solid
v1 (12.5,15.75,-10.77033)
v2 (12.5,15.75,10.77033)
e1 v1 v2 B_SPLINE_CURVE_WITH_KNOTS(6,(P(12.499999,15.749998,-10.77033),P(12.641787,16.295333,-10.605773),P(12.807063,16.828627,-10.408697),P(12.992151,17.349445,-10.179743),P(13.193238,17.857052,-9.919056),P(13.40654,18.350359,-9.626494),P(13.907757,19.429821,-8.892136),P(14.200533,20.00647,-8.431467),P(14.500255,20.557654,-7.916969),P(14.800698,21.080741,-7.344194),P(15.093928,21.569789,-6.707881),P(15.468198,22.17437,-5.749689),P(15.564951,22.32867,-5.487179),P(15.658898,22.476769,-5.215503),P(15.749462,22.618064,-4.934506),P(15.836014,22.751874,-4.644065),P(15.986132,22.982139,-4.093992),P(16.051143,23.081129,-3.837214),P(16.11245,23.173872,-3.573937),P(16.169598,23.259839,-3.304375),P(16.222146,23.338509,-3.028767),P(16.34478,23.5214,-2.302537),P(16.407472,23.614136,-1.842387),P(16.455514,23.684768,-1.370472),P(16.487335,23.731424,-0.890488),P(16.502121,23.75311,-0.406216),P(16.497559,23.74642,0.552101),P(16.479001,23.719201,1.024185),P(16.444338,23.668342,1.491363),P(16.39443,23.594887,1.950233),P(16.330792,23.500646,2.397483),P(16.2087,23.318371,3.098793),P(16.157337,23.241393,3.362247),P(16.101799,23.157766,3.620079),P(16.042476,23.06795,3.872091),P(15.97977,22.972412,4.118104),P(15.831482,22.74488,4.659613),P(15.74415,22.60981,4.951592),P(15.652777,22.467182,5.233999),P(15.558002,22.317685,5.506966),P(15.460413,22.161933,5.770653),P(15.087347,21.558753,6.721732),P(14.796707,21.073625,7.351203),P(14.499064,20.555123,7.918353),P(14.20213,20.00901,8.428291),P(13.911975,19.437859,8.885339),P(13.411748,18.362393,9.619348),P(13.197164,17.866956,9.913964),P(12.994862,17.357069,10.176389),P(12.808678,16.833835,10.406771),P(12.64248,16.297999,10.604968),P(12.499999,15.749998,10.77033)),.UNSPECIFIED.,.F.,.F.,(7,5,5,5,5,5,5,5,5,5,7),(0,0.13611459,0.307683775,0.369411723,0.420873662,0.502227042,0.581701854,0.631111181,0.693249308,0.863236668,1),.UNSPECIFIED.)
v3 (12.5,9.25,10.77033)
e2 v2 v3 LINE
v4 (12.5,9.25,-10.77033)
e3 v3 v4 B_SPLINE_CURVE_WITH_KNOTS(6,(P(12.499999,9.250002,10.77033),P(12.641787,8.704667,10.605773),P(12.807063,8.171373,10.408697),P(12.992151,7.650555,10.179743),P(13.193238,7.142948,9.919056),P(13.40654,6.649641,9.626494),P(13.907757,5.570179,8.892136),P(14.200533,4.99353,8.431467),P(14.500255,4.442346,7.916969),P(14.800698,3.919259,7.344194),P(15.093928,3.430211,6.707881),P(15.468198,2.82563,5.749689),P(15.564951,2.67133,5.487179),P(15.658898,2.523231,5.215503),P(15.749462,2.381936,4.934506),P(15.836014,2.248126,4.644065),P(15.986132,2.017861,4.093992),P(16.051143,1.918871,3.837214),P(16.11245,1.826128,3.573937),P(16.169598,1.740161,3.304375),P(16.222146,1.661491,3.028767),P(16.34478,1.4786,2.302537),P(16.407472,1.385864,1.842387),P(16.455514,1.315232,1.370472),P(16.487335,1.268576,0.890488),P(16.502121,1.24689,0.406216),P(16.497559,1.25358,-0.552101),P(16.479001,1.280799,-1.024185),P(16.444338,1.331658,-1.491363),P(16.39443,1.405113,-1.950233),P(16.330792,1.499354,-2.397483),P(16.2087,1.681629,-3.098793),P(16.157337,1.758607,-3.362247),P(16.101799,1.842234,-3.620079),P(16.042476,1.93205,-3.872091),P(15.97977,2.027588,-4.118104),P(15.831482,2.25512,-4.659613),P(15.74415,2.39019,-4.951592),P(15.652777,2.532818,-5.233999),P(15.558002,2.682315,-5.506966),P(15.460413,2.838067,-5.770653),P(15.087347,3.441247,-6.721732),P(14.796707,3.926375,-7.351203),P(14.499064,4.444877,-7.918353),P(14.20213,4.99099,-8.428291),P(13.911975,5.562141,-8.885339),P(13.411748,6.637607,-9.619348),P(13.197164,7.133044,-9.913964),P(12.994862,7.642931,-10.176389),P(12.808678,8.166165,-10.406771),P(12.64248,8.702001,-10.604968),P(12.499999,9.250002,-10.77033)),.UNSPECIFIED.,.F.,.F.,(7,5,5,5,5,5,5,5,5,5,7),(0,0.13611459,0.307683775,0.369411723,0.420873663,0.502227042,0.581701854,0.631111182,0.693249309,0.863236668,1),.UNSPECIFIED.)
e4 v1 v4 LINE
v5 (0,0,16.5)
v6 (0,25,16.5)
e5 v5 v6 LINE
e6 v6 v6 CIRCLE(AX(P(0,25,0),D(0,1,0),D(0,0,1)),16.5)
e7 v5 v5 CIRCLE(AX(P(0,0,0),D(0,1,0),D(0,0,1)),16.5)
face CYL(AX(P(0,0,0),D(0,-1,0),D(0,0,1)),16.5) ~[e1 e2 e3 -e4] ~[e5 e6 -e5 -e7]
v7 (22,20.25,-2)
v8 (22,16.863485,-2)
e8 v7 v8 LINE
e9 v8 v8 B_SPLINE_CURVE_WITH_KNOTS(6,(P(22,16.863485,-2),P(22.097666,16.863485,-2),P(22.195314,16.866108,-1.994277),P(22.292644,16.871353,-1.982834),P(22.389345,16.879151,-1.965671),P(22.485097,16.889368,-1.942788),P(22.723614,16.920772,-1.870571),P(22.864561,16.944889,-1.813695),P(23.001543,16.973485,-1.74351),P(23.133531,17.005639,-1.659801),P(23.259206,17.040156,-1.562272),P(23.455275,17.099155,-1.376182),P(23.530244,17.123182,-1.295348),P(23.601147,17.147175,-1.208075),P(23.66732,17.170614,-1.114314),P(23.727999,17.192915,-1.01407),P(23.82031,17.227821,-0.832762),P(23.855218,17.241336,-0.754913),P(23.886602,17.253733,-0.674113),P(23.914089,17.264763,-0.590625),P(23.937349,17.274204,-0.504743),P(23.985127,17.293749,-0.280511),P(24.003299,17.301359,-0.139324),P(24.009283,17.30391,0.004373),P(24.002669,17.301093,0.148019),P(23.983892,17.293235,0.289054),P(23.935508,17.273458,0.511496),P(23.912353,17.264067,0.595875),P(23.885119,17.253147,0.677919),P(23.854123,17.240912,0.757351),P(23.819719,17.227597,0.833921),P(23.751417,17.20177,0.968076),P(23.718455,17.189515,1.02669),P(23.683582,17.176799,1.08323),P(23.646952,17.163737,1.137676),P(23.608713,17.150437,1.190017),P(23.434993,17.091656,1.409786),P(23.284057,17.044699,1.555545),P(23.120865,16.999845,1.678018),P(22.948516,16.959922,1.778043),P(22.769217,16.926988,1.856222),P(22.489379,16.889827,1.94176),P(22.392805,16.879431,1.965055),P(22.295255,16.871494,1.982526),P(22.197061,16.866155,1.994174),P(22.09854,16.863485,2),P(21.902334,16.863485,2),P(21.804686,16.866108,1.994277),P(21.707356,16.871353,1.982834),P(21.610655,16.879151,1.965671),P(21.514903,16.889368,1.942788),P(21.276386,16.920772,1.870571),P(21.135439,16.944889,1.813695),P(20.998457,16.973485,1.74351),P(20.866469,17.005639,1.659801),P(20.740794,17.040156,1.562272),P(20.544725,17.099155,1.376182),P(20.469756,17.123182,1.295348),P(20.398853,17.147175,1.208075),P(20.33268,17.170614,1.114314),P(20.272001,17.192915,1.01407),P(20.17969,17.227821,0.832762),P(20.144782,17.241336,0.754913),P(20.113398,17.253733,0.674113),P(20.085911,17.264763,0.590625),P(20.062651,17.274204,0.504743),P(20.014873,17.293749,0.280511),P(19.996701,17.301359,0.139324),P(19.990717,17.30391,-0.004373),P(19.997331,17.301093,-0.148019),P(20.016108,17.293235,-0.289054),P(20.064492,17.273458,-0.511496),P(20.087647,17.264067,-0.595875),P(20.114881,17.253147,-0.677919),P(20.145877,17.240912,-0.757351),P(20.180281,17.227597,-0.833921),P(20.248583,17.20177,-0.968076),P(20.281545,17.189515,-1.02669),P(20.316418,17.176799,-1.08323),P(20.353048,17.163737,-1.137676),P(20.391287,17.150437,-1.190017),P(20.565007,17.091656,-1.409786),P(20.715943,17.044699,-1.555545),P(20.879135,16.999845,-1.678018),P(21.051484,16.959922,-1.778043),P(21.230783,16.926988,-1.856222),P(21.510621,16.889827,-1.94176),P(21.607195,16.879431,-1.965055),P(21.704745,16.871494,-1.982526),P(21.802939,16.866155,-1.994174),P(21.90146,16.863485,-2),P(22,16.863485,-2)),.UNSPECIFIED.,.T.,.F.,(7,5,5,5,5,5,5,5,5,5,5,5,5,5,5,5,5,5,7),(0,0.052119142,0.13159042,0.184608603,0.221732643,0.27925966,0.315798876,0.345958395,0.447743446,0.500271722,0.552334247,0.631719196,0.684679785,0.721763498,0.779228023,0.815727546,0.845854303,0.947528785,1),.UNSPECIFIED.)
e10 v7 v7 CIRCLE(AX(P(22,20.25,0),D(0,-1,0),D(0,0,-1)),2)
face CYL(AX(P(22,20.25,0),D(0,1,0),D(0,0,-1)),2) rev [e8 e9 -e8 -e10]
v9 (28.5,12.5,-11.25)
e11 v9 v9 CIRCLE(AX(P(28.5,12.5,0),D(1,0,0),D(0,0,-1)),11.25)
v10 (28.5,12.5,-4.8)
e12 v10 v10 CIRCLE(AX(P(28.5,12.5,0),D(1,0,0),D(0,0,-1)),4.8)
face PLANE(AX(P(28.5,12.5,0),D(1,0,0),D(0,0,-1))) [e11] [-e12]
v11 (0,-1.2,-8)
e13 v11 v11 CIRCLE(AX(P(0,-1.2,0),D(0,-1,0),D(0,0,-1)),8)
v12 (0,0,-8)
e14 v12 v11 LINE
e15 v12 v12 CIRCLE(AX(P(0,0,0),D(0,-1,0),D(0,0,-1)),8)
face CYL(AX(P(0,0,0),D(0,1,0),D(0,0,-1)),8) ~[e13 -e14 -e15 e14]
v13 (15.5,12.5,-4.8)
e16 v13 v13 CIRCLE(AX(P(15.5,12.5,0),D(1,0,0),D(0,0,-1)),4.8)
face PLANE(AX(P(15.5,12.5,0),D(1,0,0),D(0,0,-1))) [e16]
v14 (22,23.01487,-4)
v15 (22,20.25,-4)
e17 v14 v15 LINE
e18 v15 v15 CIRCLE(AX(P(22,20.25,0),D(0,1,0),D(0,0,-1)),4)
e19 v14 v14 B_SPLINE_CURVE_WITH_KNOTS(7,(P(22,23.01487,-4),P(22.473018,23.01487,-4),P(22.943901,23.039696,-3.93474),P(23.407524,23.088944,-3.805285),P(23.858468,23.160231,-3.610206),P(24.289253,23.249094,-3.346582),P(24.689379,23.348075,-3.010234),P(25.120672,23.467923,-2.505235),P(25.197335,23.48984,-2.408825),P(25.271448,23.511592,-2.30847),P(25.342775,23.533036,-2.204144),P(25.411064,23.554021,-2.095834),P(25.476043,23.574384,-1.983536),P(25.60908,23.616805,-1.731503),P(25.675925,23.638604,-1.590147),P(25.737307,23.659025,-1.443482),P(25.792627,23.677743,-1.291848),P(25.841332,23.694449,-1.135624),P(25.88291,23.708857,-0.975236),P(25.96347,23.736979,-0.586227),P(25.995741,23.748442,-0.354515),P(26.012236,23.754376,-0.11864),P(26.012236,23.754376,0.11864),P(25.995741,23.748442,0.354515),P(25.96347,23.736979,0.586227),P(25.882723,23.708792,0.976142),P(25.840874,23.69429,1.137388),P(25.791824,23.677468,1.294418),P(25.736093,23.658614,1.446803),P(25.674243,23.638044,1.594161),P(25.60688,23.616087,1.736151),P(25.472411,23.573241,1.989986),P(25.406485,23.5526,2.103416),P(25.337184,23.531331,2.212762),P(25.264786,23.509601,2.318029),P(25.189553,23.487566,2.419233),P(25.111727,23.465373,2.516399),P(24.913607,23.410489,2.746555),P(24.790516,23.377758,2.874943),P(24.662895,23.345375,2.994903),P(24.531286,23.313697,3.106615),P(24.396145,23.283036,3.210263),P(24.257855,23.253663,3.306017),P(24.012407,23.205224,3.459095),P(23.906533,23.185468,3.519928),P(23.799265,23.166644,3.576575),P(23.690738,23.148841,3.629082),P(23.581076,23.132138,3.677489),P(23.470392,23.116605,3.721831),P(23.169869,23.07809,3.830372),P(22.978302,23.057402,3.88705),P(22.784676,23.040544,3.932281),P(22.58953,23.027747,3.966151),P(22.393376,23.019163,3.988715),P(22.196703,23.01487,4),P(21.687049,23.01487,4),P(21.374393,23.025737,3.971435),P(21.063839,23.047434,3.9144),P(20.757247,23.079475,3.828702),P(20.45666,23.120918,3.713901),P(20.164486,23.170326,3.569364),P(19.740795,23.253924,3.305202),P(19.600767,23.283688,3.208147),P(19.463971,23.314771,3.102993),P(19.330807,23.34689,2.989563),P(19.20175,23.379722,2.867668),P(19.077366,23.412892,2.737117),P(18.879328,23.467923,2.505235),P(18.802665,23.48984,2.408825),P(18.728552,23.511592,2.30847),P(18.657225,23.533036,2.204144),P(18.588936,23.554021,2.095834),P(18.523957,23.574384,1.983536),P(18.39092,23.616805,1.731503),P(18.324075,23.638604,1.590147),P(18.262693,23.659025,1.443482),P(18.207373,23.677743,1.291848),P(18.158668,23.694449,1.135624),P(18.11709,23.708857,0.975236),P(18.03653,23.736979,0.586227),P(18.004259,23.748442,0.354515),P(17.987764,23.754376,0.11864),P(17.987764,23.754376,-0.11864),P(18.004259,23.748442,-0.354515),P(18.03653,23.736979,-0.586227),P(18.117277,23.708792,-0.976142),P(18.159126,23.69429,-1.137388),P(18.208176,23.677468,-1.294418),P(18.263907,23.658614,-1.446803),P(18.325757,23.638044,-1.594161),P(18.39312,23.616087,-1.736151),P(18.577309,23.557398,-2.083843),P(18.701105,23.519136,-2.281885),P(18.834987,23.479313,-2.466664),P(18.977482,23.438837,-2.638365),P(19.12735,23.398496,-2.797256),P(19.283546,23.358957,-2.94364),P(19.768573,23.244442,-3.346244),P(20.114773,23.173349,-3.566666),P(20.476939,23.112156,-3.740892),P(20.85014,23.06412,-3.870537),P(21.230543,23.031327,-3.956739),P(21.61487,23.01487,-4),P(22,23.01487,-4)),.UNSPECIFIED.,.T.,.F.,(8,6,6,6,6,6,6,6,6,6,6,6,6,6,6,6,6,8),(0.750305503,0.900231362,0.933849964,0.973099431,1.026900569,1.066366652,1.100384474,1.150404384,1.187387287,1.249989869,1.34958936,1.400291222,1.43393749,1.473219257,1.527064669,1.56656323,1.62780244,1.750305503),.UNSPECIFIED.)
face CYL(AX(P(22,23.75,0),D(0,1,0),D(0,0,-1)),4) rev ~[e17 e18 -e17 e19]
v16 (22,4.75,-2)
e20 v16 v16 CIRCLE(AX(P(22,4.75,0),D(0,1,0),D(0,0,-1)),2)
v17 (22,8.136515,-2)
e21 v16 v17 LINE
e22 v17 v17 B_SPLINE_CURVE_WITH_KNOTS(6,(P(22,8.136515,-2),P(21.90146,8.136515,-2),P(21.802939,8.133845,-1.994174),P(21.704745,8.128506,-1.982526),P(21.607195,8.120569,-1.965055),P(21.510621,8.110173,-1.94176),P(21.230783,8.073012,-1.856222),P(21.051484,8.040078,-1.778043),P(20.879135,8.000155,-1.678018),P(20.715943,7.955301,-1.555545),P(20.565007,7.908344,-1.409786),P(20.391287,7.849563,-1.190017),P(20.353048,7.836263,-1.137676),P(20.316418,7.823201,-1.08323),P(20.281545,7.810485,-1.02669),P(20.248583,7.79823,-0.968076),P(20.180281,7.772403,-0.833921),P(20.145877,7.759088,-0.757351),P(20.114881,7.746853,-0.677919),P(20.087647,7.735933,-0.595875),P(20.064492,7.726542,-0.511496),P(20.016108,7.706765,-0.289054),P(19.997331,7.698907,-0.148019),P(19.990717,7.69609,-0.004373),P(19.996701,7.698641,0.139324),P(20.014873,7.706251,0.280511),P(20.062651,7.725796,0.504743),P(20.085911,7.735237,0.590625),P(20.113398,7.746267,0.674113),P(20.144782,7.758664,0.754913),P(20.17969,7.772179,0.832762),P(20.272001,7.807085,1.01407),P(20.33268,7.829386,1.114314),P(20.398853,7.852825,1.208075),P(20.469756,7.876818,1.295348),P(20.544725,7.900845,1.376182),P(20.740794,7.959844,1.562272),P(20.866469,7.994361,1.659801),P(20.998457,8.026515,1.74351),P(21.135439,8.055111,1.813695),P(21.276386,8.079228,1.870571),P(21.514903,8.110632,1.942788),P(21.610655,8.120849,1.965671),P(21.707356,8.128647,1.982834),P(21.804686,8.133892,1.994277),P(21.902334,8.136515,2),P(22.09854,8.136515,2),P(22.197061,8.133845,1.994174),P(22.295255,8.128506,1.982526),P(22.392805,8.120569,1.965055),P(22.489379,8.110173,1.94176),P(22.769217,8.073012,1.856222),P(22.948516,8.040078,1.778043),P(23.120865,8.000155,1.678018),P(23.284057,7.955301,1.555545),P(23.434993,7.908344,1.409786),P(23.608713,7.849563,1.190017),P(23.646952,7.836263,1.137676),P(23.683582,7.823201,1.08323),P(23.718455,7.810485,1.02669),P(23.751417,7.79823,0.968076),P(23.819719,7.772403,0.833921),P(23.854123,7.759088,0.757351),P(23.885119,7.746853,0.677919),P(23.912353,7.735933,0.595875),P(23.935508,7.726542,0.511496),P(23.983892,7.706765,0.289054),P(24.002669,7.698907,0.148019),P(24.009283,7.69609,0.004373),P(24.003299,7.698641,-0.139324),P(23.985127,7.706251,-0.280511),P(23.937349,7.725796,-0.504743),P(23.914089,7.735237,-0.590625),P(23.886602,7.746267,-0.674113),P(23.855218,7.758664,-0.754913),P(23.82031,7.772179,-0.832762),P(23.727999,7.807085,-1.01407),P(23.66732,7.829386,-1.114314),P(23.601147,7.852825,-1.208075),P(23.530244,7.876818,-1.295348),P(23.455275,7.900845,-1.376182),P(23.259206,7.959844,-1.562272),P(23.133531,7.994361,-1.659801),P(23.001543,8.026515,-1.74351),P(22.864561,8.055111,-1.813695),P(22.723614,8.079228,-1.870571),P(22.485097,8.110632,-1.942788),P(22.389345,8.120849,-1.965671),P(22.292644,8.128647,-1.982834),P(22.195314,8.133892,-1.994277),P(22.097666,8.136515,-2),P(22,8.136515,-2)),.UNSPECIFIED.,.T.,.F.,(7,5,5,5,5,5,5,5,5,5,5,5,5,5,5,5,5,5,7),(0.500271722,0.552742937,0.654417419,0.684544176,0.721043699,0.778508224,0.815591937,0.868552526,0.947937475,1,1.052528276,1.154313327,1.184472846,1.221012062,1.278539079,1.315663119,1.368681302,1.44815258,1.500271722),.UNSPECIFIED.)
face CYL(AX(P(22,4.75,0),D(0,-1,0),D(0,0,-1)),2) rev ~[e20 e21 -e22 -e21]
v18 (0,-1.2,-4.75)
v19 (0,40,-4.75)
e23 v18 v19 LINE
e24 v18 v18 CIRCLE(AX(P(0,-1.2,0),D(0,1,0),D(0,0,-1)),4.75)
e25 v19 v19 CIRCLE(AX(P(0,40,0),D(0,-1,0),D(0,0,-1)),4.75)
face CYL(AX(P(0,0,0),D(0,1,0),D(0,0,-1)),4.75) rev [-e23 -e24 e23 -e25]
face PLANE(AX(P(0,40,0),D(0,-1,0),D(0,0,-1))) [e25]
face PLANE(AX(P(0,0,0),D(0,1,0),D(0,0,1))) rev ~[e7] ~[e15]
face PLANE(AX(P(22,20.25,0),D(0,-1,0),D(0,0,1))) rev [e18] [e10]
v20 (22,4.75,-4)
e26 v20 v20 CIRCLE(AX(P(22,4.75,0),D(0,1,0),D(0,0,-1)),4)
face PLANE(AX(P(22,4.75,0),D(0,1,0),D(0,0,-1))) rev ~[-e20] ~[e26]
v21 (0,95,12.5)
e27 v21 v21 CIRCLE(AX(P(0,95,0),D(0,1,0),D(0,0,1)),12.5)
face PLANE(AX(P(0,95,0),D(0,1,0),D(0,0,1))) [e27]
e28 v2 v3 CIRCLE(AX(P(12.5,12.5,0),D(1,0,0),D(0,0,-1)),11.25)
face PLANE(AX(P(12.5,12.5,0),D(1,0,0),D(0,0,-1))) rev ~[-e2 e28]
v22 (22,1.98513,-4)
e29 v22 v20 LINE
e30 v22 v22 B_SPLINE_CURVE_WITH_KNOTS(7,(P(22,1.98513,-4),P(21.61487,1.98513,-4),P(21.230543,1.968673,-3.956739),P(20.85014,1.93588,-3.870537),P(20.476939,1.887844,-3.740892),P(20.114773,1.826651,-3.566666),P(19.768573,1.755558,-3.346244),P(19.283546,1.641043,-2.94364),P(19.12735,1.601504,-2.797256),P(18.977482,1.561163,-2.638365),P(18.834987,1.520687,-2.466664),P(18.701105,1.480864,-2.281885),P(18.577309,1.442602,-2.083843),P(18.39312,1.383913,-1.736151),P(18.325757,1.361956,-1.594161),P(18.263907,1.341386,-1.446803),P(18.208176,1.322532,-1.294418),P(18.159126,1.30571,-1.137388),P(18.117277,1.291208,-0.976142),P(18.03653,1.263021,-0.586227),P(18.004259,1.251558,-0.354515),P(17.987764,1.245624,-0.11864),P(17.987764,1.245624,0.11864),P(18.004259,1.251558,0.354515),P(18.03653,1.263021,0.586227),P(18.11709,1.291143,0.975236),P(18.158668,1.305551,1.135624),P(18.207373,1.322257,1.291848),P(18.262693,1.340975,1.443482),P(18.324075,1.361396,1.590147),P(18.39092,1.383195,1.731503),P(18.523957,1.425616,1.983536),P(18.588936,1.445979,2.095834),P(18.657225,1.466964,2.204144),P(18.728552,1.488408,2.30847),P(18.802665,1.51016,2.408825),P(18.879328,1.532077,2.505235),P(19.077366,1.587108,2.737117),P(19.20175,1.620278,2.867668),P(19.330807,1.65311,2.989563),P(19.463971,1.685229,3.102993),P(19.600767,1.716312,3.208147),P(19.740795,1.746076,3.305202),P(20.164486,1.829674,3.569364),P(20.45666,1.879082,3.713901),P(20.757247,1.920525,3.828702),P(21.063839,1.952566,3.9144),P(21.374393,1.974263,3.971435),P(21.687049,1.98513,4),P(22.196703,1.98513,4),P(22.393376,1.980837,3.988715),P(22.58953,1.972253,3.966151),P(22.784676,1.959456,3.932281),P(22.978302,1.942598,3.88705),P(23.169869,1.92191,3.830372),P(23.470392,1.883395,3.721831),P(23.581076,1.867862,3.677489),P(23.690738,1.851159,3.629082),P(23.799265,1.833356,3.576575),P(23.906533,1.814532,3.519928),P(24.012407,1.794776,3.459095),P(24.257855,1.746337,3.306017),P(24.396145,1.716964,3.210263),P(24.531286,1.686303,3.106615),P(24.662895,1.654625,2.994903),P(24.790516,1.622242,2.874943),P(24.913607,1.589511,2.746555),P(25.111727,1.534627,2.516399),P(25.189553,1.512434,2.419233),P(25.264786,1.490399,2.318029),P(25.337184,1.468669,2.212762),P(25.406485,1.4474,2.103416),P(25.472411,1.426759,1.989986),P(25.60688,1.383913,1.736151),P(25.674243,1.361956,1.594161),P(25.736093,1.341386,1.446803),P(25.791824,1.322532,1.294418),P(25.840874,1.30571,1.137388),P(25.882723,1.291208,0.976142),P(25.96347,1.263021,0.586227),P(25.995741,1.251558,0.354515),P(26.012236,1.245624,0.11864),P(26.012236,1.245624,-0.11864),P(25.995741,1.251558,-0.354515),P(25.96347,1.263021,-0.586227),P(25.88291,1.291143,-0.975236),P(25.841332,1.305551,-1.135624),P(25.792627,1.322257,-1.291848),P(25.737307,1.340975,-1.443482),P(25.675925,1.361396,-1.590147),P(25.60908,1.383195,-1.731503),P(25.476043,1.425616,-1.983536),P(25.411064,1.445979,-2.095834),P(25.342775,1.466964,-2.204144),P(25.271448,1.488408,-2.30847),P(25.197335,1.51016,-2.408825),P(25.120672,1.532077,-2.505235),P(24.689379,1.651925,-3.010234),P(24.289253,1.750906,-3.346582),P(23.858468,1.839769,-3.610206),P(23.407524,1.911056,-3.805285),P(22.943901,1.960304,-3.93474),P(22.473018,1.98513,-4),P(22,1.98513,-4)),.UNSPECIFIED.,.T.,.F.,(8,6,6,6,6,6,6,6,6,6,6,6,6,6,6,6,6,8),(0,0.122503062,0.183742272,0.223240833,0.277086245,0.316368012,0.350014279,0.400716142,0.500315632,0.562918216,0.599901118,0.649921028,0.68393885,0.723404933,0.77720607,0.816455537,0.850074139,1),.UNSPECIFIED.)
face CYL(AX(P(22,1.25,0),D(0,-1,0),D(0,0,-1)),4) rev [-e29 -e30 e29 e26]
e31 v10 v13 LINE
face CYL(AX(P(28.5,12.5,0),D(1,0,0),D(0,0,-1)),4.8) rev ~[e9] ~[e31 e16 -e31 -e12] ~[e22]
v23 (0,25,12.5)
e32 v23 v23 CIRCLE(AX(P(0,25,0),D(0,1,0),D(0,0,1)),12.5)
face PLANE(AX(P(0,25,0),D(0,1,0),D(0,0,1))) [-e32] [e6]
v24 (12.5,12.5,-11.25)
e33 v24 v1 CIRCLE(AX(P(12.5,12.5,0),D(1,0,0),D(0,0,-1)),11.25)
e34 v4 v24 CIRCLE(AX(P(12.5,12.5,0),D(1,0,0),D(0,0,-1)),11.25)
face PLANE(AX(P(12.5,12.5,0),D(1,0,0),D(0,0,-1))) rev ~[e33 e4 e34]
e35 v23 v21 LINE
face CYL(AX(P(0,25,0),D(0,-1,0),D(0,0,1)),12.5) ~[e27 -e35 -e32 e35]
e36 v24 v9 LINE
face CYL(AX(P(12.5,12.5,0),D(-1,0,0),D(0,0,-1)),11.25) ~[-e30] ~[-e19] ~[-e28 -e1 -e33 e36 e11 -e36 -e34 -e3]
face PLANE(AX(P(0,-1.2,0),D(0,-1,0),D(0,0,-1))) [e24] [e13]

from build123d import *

# Parameters (mm, degrees)
ESQUISSE1_R                         = 16.5
BOSS_EXTRU_1_DEPTH                  = 25
BOSS_EXTRU_4_DEPTH                  = 12
BOSS_EXTRU_4_DEPTH_BACK             = 4
ESQUISSE9_R                         = 11.25
ESQUISSE10_R                        = 4.8
ENL_V_MAT_EXTRU_3_DEPTH             = 13
ESQUISSE11_R                        = 4
ENL_V_MAT_EXTRU_4_DEPTH             = 3.5
ENL_V_MAT_EXTRU_5_REACH             = 40.66
ENL_V_MAT_EXTRU_5_END_RADIUS        = 4.8
ESQUISSE12_R                        = 2
ESQUISSE13_R                        = 12.5
BOSS_EXTRU_5_DEPTH                  = 70
ESQUISSE15_R                        = 8
BOSS_EXTRU_6_DEPTH                  = 1.2
ESQUISSE2_R                         = 4.75
ENL_V_MAT_EXTRU_6_DEPTH             = 40
ENL_V_MAT_EXTRU_6_DIRECTION_2_REACH = 102.546


with BuildPart() as part:
    # Esquisse1 → Boss.-Extru.1 (new body)
    with BuildSketch(Plane(origin=(0, 0, 0), x_dir=(1, 0, 0), z_dir=(0, 1, 0))):
        with Locations(Location((0, 0, 0), (0, 0, 270))):
            Circle(ESQUISSE1_R)
    extrude(amount=BOSS_EXTRU_1_DEPTH)

    # Esquisse9 → Boss.-Extru.4 (add, two sides: drawn at the far end of the back side and taken through both)
    with BuildSketch(Plane(origin=(16.5, 0, 0), x_dir=(0, 0, -1), z_dir=(1, 0, 0)).offset(-BOSS_EXTRU_4_DEPTH_BACK)):
        with Locations((0, 12.5)):
            Circle(ESQUISSE9_R)
    extrude(amount=BOSS_EXTRU_4_DEPTH + BOSS_EXTRU_4_DEPTH_BACK)

    # Esquisse10 → Enlèv. mat.-Extru.3 (cut)
    with BuildSketch(Plane(origin=(28.5, 0, 0), x_dir=(0, 0, -1), z_dir=(1, 0, 0))):
        with Locations((0, 12.5)):
            Circle(ESQUISSE10_R)
    extrude(amount=-ENL_V_MAT_EXTRU_3_DEPTH, mode=Mode.SUBTRACT)

    # Esquisse11 → Enlèv. mat.-Extru.4 (cut)
    with BuildSketch(Plane(origin=(0, 1.25, 0), x_dir=(1, 0, 0), z_dir=(0, 1, 0))):
        with Locations(Location((22, 0, 0), (0, 0, 90))):
            Circle(ESQUISSE11_R)
    enl_v_mat_extru_4 = extrude(amount=ENL_V_MAT_EXTRU_4_DEPTH, mode=Mode.SUBTRACT)

    # Enlèv. mat.-Extru.5: up to this cylinder (the profile starts outside it)
    enl_v_mat_extru_5_end = Plane(origin=(22, 12.5, 0), z_dir=(1, 0, 0)) * Cylinder(ENL_V_MAT_EXTRU_5_END_RADIUS, 91.92, mode=Mode.PRIVATE)
    # Esquisse12 → Enlèv. mat.-Extru.5 (cut, up to the surface)
    with BuildSketch(Plane.XZ.offset(-4.75), mode=Mode.PRIVATE) as enl_v_mat_extru_5_sk1:
        with Locations(Location((22, 0, 0), (0, 0, 270))):
            Circle(ESQUISSE12_R)
    enl_v_mat_extru_5_tool1 = extrude(enl_v_mat_extru_5_sk1.sketch, amount=-ENL_V_MAT_EXTRU_5_REACH, mode=Mode.PRIVATE) - enl_v_mat_extru_5_end
    enl_v_mat_extru_5 = enl_v_mat_extru_5_tool1.solids().sort_by_distance((22, 4.75, 0))[0]
    add(enl_v_mat_extru_5, mode=Mode.SUBTRACT)

    # Symétrie1: Enlèv. mat.-Extru.4, Enlèv. mat.-Extru.5 across plane
    add(enl_v_mat_extru_4.mirror(Plane.XY), mode=Mode.SUBTRACT)
    add(enl_v_mat_extru_5.mirror(Plane.XY), mode=Mode.SUBTRACT)

    # Symétrie1 at the second plane: Enlèv. mat.-Extru.4, Enlèv. mat.-Extru.5 across plane
    add(enl_v_mat_extru_4.mirror(Plane.ZX.offset(12.5)), mode=Mode.SUBTRACT)
    add(enl_v_mat_extru_5.mirror(Plane.ZX.offset(12.5)), mode=Mode.SUBTRACT)

    # Esquisse13 → Boss.-Extru.5 (add)
    with BuildSketch(Plane(origin=(0, 25, 0), x_dir=(1, 0, 0), z_dir=(0, 1, 0))):
        with Locations(Location((0, 0, 0), (0, 0, 270))):
            Circle(ESQUISSE13_R)
    extrude(amount=BOSS_EXTRU_5_DEPTH)

    # Esquisse15 → Boss.-Extru.6 (add)
    with BuildSketch(Plane.XZ):
        with Locations(Location((0, 0, 0), (0, 0, 270))):
            Circle(ESQUISSE15_R)
    extrude(amount=BOSS_EXTRU_6_DEPTH)

    # Esquisse2 → Enlèv. mat.-Extru.6 (cut)
    with BuildSketch(Plane.XZ):
        with Locations(Location((0, 0, 0), (0, 0, 270))):
            Circle(ESQUISSE2_R)
    extrude(amount=-ENL_V_MAT_EXTRU_6_DEPTH, mode=Mode.SUBTRACT)

    # Esquisse2 → Enlèv. mat.-Extru.6 direction 2 (cut, up to next)
    with BuildSketch(Plane.XZ, mode=Mode.PRIVATE) as enl_v_mat_extru_6_direction_2_sk1:
        with Locations(Location((0, 0, 0), (0, 0, 270))):
            Circle(ESQUISSE2_R)
    enl_v_mat_extru_6_direction_2_tool1 = extrude(enl_v_mat_extru_6_direction_2_sk1.sketch, amount=ENL_V_MAT_EXTRU_6_DIRECTION_2_REACH, mode=Mode.PRIVATE) & part.part
    add(enl_v_mat_extru_6_direction_2_tool1.solids().sort_by_distance((0, 0, 0))[0], mode=Mode.SUBTRACT)


solid = part.part
